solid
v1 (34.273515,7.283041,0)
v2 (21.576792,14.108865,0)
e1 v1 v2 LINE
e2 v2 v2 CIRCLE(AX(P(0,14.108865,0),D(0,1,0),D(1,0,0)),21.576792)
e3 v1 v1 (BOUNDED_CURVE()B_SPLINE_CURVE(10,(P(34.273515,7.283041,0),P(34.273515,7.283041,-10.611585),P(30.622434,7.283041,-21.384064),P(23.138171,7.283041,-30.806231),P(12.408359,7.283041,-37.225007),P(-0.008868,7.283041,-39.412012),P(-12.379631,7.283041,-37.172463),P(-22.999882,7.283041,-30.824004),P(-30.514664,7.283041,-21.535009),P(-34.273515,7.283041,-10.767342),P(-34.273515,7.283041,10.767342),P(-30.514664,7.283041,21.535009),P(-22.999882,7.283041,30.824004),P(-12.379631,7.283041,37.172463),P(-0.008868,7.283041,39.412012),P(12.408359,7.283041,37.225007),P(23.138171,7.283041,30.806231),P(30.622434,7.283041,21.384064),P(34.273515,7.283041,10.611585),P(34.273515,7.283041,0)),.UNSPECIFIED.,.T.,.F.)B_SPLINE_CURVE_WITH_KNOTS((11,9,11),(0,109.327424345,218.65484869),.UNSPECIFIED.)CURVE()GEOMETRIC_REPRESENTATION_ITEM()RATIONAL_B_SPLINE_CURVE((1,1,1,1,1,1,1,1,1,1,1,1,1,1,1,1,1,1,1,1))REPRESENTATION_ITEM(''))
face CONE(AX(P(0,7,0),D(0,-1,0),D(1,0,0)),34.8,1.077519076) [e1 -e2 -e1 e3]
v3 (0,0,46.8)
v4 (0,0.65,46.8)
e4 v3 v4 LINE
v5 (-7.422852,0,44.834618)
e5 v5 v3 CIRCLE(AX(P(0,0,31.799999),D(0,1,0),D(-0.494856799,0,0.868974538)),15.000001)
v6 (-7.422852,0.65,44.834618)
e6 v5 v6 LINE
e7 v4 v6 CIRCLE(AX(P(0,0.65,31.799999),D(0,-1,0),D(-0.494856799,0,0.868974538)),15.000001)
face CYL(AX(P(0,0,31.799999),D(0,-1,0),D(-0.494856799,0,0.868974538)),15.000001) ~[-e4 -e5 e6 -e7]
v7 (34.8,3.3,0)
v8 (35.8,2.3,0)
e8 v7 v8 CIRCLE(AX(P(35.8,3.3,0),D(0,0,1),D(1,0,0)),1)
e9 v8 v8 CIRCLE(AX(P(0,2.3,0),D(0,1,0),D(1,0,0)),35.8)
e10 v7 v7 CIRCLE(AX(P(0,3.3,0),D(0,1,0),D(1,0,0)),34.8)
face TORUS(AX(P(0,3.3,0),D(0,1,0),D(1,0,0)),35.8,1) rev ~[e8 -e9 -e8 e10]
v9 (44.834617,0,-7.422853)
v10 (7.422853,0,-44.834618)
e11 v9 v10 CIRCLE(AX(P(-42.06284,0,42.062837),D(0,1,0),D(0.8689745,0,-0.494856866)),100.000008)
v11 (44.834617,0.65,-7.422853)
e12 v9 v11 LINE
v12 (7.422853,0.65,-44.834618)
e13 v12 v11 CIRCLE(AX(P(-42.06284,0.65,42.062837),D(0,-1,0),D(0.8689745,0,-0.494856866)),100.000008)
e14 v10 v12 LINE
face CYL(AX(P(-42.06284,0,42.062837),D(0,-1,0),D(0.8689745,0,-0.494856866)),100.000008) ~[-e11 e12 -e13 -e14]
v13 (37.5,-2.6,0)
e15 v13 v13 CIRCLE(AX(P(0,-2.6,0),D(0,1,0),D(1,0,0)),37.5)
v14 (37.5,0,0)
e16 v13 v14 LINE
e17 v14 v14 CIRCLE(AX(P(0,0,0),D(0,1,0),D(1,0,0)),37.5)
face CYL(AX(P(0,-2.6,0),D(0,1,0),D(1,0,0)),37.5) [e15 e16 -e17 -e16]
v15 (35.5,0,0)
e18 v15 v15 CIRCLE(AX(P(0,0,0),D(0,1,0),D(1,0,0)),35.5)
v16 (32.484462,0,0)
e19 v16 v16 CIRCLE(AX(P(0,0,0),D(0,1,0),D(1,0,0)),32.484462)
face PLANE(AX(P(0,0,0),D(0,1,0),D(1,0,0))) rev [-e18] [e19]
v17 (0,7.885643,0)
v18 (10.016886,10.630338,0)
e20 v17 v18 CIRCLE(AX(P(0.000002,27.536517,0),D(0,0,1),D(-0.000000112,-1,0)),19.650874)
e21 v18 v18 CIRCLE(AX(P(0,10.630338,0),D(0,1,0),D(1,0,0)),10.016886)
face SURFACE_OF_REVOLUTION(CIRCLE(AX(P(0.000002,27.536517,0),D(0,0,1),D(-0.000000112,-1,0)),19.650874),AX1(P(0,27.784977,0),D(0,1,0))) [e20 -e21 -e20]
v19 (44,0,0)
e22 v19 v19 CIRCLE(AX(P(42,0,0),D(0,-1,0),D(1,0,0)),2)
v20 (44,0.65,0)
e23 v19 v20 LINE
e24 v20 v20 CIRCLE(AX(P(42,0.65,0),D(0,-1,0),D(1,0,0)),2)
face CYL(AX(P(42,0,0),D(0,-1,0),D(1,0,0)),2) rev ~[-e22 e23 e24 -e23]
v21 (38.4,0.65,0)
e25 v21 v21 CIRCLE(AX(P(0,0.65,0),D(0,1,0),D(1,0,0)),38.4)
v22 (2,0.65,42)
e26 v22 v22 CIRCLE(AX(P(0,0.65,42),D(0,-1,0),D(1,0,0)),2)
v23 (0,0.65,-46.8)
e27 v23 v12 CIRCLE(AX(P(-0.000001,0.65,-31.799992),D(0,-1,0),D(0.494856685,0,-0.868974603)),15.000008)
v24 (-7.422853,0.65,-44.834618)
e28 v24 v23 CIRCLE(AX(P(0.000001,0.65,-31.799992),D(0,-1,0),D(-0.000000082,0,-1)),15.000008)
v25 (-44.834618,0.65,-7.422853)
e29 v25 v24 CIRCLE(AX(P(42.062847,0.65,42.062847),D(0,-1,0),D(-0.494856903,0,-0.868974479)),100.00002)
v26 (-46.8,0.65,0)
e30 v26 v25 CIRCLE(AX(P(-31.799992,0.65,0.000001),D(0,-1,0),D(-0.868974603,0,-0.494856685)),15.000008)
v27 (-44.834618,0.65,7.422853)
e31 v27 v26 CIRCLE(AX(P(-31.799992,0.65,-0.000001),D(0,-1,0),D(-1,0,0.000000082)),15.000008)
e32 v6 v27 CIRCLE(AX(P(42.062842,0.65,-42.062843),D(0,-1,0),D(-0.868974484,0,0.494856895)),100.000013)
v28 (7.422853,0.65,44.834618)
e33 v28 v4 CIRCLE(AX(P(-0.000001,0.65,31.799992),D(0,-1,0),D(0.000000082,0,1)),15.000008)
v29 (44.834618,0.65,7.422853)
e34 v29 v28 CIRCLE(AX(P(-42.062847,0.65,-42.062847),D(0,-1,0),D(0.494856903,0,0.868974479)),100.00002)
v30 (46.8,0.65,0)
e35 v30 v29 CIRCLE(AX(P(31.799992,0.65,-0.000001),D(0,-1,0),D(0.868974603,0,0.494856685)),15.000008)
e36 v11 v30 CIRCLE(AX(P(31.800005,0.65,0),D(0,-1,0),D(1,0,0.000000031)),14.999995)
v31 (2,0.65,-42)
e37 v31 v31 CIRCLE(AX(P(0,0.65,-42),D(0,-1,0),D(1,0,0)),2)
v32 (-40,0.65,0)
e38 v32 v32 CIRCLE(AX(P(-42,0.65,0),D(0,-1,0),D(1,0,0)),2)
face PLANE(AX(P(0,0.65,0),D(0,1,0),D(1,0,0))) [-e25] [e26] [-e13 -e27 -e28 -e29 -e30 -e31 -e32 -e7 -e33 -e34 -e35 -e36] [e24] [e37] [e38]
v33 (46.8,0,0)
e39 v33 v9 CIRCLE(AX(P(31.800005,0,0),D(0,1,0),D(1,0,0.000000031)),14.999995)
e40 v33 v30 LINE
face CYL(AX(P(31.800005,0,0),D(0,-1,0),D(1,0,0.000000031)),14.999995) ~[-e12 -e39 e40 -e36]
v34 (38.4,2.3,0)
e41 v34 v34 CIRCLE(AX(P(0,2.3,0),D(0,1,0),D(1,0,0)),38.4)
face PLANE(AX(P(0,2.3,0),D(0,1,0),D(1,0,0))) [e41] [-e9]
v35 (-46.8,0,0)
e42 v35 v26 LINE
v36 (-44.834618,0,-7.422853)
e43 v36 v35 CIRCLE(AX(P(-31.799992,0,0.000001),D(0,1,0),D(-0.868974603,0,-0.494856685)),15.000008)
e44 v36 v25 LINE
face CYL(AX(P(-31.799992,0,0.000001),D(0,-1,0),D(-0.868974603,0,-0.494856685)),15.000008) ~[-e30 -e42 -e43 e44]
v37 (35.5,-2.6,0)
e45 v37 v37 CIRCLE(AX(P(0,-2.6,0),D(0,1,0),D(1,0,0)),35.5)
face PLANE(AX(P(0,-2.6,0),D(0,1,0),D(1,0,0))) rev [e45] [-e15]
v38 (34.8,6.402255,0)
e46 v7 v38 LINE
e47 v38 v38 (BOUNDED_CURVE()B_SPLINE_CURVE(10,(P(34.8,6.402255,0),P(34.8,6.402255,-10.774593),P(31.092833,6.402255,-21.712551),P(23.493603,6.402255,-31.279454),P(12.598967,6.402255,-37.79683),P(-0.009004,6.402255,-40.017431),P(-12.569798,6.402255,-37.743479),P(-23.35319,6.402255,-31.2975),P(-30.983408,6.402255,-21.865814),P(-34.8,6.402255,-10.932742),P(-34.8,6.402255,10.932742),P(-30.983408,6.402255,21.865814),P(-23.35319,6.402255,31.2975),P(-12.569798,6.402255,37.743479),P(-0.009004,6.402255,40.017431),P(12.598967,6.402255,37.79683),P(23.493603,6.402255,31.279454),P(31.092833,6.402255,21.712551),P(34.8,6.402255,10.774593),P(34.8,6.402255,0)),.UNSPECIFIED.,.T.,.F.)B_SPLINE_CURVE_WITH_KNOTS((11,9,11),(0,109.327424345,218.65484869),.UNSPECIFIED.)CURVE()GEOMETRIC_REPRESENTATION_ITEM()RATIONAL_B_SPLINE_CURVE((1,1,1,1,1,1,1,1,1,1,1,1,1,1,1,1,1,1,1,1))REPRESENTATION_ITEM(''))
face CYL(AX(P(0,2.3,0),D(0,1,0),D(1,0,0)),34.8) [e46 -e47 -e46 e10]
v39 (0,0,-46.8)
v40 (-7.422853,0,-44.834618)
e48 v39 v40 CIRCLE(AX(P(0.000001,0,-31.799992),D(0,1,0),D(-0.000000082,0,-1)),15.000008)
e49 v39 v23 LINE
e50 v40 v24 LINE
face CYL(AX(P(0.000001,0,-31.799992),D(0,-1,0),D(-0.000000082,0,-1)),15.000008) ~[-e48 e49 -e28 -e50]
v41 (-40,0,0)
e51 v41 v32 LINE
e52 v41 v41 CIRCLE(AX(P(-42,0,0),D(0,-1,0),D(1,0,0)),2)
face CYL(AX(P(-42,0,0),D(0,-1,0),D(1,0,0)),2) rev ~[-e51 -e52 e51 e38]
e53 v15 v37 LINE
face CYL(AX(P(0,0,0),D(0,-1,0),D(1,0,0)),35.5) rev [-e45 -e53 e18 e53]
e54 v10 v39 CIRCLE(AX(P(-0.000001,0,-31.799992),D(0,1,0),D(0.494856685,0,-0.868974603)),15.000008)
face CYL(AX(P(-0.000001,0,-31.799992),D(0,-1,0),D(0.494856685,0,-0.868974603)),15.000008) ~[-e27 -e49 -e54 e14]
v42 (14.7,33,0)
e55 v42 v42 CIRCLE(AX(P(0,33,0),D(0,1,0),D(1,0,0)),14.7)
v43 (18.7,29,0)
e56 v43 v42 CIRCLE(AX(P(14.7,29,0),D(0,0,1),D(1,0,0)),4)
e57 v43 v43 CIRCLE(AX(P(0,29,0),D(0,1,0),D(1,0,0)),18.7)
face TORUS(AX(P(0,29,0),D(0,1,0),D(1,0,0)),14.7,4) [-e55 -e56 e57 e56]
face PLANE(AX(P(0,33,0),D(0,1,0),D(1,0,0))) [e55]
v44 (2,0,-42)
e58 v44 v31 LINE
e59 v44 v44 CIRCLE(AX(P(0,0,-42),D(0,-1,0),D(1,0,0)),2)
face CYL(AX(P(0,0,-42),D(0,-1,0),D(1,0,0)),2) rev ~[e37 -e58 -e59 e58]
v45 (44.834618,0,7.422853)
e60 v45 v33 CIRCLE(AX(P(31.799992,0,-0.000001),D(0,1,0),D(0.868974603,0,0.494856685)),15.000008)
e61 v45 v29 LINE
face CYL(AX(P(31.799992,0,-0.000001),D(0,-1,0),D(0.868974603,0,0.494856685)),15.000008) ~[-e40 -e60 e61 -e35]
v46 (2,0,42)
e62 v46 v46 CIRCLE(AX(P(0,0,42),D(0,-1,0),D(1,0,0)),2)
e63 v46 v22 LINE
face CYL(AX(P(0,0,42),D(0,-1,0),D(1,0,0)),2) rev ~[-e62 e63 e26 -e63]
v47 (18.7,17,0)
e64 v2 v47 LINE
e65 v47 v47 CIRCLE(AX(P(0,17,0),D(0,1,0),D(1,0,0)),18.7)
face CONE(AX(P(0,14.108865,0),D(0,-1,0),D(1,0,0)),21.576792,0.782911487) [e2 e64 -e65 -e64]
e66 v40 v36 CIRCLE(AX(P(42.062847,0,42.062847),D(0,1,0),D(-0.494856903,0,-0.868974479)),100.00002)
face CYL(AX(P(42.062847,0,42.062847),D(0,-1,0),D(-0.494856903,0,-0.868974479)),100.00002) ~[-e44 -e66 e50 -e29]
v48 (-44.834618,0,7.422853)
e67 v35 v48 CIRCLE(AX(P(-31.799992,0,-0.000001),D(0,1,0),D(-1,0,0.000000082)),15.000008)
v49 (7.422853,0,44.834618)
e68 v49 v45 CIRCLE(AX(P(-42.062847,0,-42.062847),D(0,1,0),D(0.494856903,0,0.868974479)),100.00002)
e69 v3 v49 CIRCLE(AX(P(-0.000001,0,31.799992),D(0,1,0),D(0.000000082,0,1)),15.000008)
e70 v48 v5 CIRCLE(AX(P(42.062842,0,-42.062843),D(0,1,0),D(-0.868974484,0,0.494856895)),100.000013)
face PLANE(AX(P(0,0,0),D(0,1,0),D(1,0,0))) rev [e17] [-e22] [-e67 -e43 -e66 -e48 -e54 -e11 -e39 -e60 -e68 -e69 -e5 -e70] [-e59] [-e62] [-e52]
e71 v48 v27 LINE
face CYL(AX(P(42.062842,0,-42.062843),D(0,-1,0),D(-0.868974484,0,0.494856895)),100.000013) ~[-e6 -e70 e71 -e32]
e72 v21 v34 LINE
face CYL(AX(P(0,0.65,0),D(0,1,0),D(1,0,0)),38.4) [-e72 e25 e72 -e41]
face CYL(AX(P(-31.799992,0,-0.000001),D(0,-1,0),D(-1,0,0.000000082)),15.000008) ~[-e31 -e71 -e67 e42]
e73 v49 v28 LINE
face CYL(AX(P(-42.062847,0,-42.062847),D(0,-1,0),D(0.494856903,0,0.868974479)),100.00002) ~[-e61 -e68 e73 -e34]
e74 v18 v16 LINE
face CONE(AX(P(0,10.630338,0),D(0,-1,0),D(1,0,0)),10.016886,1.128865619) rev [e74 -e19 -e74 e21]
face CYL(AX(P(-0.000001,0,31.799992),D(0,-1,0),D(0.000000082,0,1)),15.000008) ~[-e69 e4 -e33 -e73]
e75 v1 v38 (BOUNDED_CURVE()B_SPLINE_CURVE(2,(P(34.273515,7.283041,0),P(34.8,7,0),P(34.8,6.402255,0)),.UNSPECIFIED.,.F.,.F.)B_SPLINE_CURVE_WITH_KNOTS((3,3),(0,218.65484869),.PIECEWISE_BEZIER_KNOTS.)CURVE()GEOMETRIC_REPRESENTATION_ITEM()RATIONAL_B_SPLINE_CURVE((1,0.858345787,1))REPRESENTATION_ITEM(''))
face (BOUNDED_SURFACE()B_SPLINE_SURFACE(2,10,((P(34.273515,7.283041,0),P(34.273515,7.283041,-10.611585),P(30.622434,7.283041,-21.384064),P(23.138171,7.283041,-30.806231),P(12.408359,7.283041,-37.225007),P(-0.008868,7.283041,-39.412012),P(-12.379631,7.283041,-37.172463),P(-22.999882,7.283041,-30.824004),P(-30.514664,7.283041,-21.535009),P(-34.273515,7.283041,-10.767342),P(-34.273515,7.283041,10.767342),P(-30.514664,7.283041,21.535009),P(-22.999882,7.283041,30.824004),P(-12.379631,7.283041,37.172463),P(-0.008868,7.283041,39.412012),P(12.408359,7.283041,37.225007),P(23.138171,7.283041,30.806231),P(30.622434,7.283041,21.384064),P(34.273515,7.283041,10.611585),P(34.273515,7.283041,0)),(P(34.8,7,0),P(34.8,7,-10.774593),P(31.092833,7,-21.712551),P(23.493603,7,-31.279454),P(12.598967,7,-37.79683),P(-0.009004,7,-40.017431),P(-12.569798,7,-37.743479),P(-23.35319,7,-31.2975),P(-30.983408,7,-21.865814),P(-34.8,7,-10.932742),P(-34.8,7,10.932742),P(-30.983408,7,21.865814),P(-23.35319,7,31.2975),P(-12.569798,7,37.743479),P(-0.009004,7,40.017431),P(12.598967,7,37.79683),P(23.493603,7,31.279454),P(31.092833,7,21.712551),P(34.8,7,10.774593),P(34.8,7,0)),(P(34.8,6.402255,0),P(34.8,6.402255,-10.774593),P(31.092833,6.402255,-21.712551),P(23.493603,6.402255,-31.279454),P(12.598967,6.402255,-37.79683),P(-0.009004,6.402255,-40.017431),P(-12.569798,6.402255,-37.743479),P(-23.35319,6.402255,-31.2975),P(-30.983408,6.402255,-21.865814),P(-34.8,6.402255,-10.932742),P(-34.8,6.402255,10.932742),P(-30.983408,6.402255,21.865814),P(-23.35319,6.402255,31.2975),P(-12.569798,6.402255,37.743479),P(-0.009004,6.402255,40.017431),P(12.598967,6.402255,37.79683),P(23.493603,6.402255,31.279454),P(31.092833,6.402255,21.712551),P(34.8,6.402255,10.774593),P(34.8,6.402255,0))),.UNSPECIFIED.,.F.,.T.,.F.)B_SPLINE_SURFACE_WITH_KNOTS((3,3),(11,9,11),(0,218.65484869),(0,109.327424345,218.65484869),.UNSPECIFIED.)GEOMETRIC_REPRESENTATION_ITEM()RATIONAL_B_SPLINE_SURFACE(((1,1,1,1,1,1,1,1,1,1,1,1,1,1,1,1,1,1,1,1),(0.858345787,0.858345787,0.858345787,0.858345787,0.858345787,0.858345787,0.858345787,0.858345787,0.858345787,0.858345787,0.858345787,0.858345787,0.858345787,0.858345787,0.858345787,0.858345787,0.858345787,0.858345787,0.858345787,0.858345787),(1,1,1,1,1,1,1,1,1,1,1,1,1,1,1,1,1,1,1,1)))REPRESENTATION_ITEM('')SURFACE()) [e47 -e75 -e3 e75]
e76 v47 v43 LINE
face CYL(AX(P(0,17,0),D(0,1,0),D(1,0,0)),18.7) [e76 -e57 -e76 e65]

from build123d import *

# Parameters (mm, degrees)
F2_R     = 4
F3_R     = 1
F4_R     = 2
F5_DEPTH = 25


with BuildPart() as f1:
    # F0 (on Top) → F1 (revolve)
    with BuildSketch(Plane.XY):
        with BuildLine():
            Line((37.5, -2.6), (37.5, 0))
            Line((37.5, 0), (46.8, 0))
            Line((46.8, 0), (46.8, 0.65))
            Line((46.8, 0.65), (38.4, 0.65))
            Line((38.4, 0.65), (38.4, 2.3))
            Line((38.4, 2.3), (34.8, 2.3))
            Line((34.8, 2.3), (34.8, 7))
            Line((34.8, 7), (21.576792, 14.108865))
            Line((21.576792, 14.108865), (18.7, 17))
            Line((18.7, 17), (18.7, 33))
            Line((18.7, 33), (0, 33))
            Line((0, 33), (0, 7.885643))
            ThreePointArc((0, 7.885643), (5.193057, 8.584234), (10.016886, 10.630338))
            Line((10.016886, 10.630338), (32.484462, 0))
            Line((32.484462, 0), (35.5, 0))
            Line((35.5, 0), (35.5, -2.6))
            Line((35.5, -2.6), (37.5, -2.6))
        make_face()
    revolve(axis=Axis((0, 27.784977, 0), (0, 1, 0)))

    # F2
    f2_edges = [f1.edges().sort_by_distance(p)[0] for p in [
        (-18.7, 33, 0),
    ]]
    fillet(f2_edges, radius=F2_R)

    # F3
    f3_edges = [f1.edges().sort_by_distance(p)[0] for p in [
        (-34.8, 7, 0),
        (-34.8, 2.3, 0),
    ]]
    fillet(f3_edges, radius=F3_R)

    # F4 (on face) → F5 (cut)
    with BuildSketch(Plane.XZ):
        with BuildLine():
            ThreePointArc((0, -46.8), (33.092597, -33.092597), (46.8, 0))
            ThreePointArc((46.8, 0), (46.300332, -3.839319), (44.834617, -7.422853))
            ThreePointArc((44.834617, -7.422853), (28.647845, -28.647845), (7.422853, -44.834618))
            ThreePointArc((7.422853, -44.834618), (3.839319, -46.300332), (0, -46.8))
        make_face()
        with BuildLine():
            ThreePointArc((-44.834618, -7.422853), (-46.300332, -3.839319), (-46.8, 0))
            ThreePointArc((-46.8, 0), (-33.092597, -33.092597), (0, -46.8))
            ThreePointArc((0, -46.8), (-3.839319, -46.300332), (-7.422853, -44.834618))
            ThreePointArc((-7.422853, -44.834618), (-28.647845, -28.647845), (-44.834618, -7.422853))
        make_face()
        with BuildLine():
            ThreePointArc((-7.422852, 44.834618), (-3.839319, 46.300332), (0, 46.8))
            ThreePointArc((0, 46.8), (-33.092597, 33.092597), (-46.8, 0))
            ThreePointArc((-46.8, 0), (-46.300332, 3.839319), (-44.834618, 7.422853))
            ThreePointArc((-44.834618, 7.422853), (-28.647845, 28.647845), (-7.422852, 44.834618))
        make_face()
        with BuildLine():
            ThreePointArc((0, 46.8), (3.839319, 46.300332), (7.422853, 44.834618))
            ThreePointArc((7.422853, 44.834618), (28.647845, 28.647845), (44.834618, 7.422853))
            ThreePointArc((44.834618, 7.422853), (46.300332, 3.839319), (46.8, 0))
            ThreePointArc((46.8, 0), (33.092597, 33.092597), (0, 46.8))
        make_face()
        with Locations((0, -42)):
            Circle(F4_R)
        with Locations((0, 42)):
            Circle(F4_R)
        with Locations((-42, 0)):
            Circle(F4_R)
        with Locations((42, 0)):
            Circle(F4_R)
    extrude(amount=-F5_DEPTH, mode=Mode.SUBTRACT)


solid = f1.part
